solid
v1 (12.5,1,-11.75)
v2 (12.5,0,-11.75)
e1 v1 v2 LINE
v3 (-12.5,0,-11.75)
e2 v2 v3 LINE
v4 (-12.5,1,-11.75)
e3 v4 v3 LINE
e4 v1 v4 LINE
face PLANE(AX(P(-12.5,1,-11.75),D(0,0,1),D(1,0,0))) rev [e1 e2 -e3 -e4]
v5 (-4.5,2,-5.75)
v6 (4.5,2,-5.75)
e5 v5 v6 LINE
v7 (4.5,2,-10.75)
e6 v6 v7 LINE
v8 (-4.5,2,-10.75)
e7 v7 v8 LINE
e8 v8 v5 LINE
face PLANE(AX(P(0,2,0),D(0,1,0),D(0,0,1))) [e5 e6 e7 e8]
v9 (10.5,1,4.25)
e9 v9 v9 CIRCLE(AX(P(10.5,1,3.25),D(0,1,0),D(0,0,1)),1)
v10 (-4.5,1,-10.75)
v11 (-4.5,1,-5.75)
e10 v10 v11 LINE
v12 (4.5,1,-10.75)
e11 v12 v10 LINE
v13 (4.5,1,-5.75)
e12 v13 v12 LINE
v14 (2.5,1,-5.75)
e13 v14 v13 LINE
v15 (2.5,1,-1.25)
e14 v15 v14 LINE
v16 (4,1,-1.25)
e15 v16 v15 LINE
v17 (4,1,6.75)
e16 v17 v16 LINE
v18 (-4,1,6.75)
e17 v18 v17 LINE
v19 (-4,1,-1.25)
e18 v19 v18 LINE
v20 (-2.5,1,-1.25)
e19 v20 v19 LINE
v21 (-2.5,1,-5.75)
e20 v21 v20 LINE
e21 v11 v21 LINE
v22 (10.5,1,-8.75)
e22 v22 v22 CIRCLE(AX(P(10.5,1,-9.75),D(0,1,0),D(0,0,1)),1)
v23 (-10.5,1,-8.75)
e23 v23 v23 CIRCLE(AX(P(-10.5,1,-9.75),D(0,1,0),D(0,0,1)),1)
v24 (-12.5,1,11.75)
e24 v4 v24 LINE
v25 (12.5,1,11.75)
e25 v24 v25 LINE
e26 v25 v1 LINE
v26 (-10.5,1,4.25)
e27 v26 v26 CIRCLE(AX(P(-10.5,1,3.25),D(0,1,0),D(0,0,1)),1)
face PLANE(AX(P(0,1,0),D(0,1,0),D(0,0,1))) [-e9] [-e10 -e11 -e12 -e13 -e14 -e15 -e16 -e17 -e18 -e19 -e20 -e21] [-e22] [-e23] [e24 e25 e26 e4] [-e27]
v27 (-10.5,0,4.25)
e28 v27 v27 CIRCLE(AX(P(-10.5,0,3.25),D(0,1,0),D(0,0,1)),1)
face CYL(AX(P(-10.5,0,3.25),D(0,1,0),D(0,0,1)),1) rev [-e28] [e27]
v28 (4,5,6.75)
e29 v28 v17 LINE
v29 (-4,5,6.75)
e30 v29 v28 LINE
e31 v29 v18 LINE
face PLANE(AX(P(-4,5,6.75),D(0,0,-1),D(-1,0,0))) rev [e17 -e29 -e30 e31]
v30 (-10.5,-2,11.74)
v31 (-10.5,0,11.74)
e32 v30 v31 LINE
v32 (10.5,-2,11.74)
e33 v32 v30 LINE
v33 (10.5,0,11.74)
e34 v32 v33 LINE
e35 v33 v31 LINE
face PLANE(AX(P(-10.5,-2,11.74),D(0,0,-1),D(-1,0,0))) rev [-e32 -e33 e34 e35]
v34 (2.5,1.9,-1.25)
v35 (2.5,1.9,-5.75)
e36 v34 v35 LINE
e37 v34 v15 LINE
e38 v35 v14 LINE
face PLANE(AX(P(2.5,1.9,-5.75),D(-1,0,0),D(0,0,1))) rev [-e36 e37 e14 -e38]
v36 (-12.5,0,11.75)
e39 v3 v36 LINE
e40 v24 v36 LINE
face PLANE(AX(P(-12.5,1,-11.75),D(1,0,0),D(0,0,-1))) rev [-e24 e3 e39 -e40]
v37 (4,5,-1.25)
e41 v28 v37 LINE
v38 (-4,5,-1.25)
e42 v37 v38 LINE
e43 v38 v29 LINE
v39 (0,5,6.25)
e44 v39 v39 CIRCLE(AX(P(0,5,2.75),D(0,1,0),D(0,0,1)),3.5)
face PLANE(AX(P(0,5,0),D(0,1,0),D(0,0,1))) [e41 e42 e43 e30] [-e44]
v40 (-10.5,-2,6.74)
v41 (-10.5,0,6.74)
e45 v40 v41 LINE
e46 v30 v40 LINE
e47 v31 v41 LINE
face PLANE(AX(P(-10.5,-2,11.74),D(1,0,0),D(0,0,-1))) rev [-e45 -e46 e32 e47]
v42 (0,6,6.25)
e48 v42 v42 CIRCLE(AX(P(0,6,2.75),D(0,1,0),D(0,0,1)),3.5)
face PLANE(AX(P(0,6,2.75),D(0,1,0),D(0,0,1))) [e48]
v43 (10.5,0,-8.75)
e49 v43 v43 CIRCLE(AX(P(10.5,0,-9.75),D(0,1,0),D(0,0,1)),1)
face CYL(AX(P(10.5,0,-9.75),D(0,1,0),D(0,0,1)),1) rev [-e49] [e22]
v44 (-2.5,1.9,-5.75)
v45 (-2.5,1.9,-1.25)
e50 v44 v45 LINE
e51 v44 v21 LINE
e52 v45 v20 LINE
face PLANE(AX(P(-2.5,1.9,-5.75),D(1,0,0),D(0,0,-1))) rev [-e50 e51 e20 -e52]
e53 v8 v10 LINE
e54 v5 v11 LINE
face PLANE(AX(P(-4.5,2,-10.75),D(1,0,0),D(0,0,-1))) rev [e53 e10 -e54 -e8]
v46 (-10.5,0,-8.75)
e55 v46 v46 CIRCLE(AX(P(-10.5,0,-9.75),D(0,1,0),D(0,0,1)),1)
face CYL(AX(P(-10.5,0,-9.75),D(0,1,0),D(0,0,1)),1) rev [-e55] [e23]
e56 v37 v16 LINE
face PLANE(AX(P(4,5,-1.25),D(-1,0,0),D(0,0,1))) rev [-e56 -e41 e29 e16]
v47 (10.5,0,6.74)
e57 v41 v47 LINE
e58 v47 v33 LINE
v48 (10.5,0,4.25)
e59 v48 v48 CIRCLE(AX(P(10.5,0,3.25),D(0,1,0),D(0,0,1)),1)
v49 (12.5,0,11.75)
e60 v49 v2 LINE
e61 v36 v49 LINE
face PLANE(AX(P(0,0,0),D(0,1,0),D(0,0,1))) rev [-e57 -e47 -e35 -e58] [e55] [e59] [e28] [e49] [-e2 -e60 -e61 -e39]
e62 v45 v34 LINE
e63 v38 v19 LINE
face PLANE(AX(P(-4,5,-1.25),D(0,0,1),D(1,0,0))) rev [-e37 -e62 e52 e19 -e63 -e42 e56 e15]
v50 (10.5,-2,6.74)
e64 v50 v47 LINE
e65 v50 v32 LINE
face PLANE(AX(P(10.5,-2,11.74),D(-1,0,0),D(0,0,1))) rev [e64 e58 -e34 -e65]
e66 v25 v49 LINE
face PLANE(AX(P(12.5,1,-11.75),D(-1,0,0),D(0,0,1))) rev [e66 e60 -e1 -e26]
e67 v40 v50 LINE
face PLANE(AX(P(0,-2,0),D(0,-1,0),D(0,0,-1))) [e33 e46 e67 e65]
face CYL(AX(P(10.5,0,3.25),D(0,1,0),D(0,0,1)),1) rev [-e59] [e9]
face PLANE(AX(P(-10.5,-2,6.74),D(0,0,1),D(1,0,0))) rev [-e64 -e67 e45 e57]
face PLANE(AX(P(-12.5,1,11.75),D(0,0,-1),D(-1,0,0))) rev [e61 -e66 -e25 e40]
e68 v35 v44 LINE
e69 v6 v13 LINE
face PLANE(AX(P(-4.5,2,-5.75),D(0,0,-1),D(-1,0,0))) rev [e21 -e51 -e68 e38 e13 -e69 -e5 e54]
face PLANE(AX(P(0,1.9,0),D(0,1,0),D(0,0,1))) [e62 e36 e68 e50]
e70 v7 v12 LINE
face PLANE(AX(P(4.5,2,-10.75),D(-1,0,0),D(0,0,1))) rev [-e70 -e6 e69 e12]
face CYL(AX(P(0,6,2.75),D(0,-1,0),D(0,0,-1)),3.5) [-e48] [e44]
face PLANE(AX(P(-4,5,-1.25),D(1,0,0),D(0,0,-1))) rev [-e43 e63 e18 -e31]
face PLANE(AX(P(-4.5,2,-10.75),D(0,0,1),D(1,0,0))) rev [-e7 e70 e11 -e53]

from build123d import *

# Parameters (mm, degrees)
SKETCH1_W           = 25
SKETCH1_H           = 23.5
BOSS_EXTRUDE1_DEPTH = 1
SKETCH2_R           = 1
CUT_EXTRUDE1_DEPTH  = 1
SKETCH3_W           = 9
SKETCH3_H           = 5
BOSS_EXTRUDE2_DEPTH = 1
SKETCH4_W           = 5
SKETCH4_H           = 4.5
BOSS_EXTRUDE3_DEPTH = 0.9
SKETCH5_W           = 8
SKETCH5_H           = 8
BOSS_EXTRUDE4_DEPTH = 4
SKETCH6_R           = 3.5
BOSS_EXTRUDE5_DEPTH = 1
SKETCH8_W           = 21
SKETCH8_H           = 5
BOSS_EXTRUDE6_DEPTH = 2


with BuildPart() as part:
    # Sketch1 → Boss-Extrude1 (new body)
    with BuildSketch(Plane(origin=(0, 0, 0), x_dir=(1, 0, 0), z_dir=(0, 1, 0))):
        Rectangle(SKETCH1_W, SKETCH1_H)
    extrude(amount=BOSS_EXTRUDE1_DEPTH)

    # Sketch2 → Cut-Extrude1 (cut)
    with BuildSketch(Plane(origin=(0, 1, 0), x_dir=(1, 0, 0), z_dir=(0, 1, 0))):
        with Locations((-10.5, 9.75)):
            Circle(SKETCH2_R)
        with Locations((10.5, 9.75)):
            Circle(SKETCH2_R)
        with Locations((10.5, -3.25)):
            Circle(SKETCH2_R)
        with Locations((-10.5, -3.25)):
            Circle(SKETCH2_R)
    extrude(amount=-CUT_EXTRUDE1_DEPTH, mode=Mode.SUBTRACT)

    # Sketch3 → Boss-Extrude2 (add)
    with BuildSketch(Plane(origin=(0, 1, 0), x_dir=(1, 0, 0), z_dir=(0, 1, 0))):
        with Locations((0, 8.25)):
            Rectangle(SKETCH3_W, SKETCH3_H)
    extrude(amount=BOSS_EXTRUDE2_DEPTH)

    # Sketch4 → Boss-Extrude3 (add)
    with BuildSketch(Plane(origin=(0, 1, 0), x_dir=(1, 0, 0), z_dir=(0, 1, 0))):
        with Locations((0, 3.5)):
            Rectangle(SKETCH4_W, SKETCH4_H)
    extrude(amount=BOSS_EXTRUDE3_DEPTH)

    # Sketch5 → Boss-Extrude4 (add)
    with BuildSketch(Plane(origin=(0, 1, 0), x_dir=(1, 0, 0), z_dir=(0, 1, 0))):
        with Locations((0, -2.75)):
            Rectangle(SKETCH5_W, SKETCH5_H)
    extrude(amount=BOSS_EXTRUDE4_DEPTH)

    # Sketch6 → Boss-Extrude5 (add)
    with BuildSketch(Plane(origin=(0, 5, 0), x_dir=(1, 0, 0), z_dir=(0, 1, 0))):
        with Locations((0, -2.75)):
            Circle(SKETCH6_R)
    extrude(amount=BOSS_EXTRUDE5_DEPTH)

    # Sketch8 → Boss-Extrude6 (add)
    with BuildSketch(Plane.XZ):
        with Locations((0, 9.24)):
            Rectangle(SKETCH8_W, SKETCH8_H)
    extrude(amount=BOSS_EXTRUDE6_DEPTH)


solid = part.part
